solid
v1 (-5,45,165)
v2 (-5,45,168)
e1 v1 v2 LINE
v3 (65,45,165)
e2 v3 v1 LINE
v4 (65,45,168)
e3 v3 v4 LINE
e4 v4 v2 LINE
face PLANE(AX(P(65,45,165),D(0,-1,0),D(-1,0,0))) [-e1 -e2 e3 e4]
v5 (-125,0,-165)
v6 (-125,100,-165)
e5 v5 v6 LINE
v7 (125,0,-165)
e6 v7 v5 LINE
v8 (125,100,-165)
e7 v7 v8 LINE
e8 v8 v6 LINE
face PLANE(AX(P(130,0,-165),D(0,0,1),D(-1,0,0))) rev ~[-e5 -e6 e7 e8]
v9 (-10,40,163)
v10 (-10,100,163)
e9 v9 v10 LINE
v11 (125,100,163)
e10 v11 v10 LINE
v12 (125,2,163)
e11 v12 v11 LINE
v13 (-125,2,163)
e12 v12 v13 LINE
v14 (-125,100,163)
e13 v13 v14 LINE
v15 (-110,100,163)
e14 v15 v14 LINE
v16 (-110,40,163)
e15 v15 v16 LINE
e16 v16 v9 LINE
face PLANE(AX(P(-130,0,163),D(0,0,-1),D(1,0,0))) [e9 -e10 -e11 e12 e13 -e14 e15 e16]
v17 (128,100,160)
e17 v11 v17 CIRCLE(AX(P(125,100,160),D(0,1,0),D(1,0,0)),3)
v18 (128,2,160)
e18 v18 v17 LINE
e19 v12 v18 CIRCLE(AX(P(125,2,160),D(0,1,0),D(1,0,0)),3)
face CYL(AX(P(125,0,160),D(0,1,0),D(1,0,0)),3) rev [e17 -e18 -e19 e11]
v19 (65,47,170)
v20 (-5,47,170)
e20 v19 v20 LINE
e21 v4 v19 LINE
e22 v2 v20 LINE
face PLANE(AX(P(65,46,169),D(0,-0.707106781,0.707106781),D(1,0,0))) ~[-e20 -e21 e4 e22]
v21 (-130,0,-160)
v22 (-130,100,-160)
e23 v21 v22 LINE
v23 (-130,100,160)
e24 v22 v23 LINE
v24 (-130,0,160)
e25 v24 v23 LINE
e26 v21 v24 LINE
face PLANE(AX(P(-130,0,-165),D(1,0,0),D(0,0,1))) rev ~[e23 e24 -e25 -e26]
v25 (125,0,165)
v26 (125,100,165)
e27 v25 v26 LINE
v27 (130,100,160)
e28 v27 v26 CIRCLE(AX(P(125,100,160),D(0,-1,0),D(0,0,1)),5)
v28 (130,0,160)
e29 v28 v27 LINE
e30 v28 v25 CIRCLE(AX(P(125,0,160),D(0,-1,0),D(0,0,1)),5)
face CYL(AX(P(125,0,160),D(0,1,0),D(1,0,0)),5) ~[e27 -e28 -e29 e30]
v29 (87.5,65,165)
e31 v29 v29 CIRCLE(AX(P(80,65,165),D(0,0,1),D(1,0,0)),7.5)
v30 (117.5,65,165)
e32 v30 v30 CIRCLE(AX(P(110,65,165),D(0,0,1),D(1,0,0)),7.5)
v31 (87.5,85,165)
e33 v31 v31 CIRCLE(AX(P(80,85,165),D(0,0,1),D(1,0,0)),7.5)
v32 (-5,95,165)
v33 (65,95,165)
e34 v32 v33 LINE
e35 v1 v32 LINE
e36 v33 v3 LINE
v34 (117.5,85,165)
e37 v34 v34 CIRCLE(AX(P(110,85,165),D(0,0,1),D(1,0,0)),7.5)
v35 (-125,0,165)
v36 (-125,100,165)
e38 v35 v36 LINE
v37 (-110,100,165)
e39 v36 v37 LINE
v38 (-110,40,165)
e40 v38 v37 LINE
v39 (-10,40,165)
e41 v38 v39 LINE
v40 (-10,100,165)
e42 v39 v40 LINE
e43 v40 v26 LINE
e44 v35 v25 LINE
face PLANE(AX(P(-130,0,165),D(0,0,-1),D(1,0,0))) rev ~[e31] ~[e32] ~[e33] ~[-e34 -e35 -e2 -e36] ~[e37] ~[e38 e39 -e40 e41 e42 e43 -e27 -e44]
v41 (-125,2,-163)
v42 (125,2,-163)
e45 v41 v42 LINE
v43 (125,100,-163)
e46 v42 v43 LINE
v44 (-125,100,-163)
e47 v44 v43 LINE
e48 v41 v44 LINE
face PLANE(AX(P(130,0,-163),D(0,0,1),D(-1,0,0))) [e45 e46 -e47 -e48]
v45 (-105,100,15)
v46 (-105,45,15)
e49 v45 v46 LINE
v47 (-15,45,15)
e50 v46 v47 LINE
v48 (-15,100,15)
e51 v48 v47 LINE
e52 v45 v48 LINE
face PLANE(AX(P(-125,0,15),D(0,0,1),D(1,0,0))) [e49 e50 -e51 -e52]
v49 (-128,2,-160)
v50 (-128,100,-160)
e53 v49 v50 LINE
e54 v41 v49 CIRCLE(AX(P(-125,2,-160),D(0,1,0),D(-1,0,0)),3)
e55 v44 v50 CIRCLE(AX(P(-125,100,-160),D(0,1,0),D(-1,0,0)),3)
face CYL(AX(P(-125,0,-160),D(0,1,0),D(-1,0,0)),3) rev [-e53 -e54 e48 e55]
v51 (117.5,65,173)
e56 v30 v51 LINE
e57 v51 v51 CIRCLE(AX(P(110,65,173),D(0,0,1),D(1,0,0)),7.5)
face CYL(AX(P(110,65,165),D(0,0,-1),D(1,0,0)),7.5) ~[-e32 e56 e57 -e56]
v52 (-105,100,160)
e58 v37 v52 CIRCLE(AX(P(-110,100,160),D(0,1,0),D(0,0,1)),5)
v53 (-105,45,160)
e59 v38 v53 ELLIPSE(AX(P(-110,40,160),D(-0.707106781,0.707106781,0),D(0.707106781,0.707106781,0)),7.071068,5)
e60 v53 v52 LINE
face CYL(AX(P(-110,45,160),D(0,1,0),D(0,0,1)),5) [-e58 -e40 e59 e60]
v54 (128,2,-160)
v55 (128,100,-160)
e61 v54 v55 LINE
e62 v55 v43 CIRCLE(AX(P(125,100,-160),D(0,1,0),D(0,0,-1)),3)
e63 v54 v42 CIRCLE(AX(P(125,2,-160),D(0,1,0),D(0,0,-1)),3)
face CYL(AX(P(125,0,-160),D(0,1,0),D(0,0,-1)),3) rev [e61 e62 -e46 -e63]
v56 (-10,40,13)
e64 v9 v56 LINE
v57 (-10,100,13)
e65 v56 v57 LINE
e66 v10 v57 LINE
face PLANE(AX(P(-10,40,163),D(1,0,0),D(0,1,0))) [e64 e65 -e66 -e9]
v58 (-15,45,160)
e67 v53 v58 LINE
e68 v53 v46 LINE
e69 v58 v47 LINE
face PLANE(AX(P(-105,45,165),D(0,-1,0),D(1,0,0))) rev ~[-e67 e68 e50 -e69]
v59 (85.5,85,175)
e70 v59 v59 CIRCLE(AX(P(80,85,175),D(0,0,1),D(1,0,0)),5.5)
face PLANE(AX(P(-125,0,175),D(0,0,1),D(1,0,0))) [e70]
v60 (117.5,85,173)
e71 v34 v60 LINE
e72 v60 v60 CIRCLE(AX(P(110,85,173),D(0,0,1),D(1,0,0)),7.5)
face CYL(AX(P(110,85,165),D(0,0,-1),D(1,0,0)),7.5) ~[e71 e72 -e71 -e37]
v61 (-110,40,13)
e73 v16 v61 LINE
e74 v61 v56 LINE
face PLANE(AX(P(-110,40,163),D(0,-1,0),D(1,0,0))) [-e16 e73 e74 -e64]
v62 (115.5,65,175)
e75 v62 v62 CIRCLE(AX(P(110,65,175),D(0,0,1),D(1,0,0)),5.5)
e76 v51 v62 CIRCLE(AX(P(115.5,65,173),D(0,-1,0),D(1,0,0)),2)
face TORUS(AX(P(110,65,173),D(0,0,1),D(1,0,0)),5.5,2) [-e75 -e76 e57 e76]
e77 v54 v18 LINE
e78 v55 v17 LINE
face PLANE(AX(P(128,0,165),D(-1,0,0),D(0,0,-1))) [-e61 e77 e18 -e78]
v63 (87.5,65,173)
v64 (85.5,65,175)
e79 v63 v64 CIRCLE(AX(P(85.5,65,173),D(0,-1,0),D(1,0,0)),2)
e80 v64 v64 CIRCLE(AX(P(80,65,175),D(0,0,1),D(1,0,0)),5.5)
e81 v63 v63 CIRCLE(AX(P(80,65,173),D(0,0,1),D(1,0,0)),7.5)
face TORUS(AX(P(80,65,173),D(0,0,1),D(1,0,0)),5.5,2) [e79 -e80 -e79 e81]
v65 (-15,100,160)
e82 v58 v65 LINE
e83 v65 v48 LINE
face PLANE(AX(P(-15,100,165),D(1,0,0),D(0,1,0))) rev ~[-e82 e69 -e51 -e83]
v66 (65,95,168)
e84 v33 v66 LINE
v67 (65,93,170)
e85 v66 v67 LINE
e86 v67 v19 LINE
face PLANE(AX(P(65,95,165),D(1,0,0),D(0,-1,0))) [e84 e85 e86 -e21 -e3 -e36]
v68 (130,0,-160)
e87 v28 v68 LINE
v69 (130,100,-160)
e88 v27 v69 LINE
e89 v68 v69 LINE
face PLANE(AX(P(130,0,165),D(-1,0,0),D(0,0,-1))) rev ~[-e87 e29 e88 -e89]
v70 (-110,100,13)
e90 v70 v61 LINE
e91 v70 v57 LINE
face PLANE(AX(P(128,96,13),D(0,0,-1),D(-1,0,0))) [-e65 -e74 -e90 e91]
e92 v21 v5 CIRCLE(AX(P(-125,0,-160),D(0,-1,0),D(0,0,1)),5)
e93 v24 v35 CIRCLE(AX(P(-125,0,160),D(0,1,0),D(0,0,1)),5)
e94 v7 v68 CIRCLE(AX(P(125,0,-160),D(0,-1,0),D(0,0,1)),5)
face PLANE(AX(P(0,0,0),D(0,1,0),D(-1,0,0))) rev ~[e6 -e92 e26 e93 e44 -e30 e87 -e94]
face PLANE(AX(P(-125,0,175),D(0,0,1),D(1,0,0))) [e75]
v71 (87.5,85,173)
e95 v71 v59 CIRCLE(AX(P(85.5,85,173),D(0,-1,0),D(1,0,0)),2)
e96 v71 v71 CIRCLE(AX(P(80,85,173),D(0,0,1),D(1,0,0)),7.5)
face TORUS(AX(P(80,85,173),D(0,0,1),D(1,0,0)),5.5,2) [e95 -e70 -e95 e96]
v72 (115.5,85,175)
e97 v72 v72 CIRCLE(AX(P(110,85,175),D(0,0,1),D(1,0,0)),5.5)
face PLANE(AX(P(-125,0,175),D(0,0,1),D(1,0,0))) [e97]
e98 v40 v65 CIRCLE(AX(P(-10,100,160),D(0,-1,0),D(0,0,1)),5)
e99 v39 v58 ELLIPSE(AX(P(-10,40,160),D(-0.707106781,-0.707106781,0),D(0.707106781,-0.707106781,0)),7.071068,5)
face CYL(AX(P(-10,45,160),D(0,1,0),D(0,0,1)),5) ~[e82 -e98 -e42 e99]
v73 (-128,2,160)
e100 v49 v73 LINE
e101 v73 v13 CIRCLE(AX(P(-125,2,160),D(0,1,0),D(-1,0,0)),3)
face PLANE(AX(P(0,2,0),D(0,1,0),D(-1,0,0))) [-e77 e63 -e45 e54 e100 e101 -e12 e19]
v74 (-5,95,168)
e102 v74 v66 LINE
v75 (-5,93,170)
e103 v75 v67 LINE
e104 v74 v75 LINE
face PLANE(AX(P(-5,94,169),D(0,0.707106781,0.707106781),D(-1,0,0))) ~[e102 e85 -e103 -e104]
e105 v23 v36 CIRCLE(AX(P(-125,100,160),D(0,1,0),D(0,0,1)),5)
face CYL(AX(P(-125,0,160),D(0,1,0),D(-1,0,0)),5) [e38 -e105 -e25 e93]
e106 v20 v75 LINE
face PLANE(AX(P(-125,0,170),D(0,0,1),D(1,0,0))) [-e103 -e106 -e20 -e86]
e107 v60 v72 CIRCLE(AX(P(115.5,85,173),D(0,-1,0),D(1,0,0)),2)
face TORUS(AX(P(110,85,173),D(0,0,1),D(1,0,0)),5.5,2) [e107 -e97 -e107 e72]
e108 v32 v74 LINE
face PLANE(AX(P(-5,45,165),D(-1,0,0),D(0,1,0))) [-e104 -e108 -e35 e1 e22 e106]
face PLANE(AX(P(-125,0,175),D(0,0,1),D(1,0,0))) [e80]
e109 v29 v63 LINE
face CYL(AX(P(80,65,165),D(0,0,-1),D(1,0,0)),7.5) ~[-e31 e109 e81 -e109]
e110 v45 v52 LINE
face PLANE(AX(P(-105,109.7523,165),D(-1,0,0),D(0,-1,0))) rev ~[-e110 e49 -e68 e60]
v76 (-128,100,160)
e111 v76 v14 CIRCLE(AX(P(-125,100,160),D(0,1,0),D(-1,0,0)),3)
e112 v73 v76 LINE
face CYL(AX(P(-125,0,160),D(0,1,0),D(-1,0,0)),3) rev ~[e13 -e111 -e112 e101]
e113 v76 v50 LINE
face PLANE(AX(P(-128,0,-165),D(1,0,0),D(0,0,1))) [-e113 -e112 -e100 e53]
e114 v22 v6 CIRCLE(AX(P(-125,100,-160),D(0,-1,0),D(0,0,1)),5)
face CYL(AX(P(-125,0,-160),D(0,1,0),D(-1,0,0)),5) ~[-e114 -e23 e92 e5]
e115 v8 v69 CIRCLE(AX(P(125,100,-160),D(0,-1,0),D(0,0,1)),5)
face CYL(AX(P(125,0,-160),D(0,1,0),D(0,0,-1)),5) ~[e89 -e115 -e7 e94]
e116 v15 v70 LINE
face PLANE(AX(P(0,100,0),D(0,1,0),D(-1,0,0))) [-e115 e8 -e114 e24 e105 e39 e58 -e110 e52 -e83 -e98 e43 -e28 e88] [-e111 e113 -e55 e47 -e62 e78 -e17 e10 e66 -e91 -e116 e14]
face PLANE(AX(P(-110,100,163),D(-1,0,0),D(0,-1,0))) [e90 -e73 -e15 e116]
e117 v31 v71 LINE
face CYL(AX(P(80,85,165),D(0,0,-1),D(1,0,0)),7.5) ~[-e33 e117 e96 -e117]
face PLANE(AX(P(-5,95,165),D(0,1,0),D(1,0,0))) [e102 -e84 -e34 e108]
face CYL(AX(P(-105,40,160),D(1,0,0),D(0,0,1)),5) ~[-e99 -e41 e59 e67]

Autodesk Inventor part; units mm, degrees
ref_plane "YZ Plane" through (0, 0, 0) normal (1, 0, 0) x (0, 1, 0)
ref_plane "XZ Plane" through (0, 0, 0) normal (0, 1, 0) x (-1, 0, 0)
ref_plane "XY Plane" through (0, 0, 0) normal (0, 0, 1) x (1, 0, 0)
sketch "Sketch1" plane through (0, 0, 0) normal (0, 1, 0) x (-1, 0, 0)
  line L0 (130, 165) -> (-130, 165)
  line L1 (-130, 165) -> (-130, -165)
  line L2 (-130, -165) -> (130, -165)
  line L3 (130, -165) -> (130, 165)
  point P0 (0, 0)
  point P1 (0, -165)
  point P2 (130, 0)
  dimension "d0" = 260
  dimension "d1" = 330
extrude "Extrusion1" add sketch "Sketch1" along normal blind 100
fillet "Fillet1" radius 5 4 edges at (130, 50, 165) (130, 50, -165) (-130, 50, -165) (-130, 50, 165)
shell "Shell1" thickness 2 removed faces 1 at (43.3333, 100, 53.3333)
sketch "Sketch3" plane through (128, 96, 163) normal (0, 0, -1) x (-1, 0, 0)
  line L0 (251.5, 4) -> (4.5, 4) projected
  line L1 (138, 4) -> (238, 4)
  line L2 (238, 4) -> (238, -56)
  line L3 (238, -56) -> (138, -56)
  line L4 (138, -56) -> (138, 4)
  line L5 (253, -96) -> (253, 4) projected
  point P0 (128, -96)
  point P1 (253, 2)
  dimension "d13" = 100
  dimension "d14" = 60
  dimension "d15" = 15
extrude "Extrusion3" add sketch "Sketch3" along normal blind 150
sketch "Sketch4" plane through (-125, 0, 165) normal (0, 0, 1) x (1, 0, 0)
  line L0 (0, 0) -> (0, 100) projected
  line L1 (0, 0) -> (250, 0) projected
  line L2 (250, 100) -> (250, 0) projected
  line L3 (15, 100) -> (115, 100) projected
  line L4 (15, 40) -> (15, 100) projected
  line L5 (15, 100) -> (115, 100) projected
  line L6 (115, 100) -> (115, 40) projected
  line L7 (115, 40) -> (15, 40) projected
  line L8 (20, 45) -> (110, 45)
  line L9 (110, 45) -> (110, 109.7523)
  line L10 (110, 109.7523) -> (20, 109.7523)
  line L11 (20, 109.7523) -> (20, 45)
  line L12 (0, 100) -> (250, 100) projected
  line L13 (0, 100) -> (-3, 100) projected
  line L14 (-3, 100) -> (0, 100) projected
  line L15 (0, 100) -> (250, 100) projected
  line L16 (250, 100) -> (253, 100) projected
  line L17 (253, 100) -> (250, 100) projected
  line L18 (250, 100) -> (115, 100) projected
  line L19 (15, 100) -> (0, 100) projected
  point P0 (125, 0)
  dimension "d18" = 5
  dimension "d19" = 5
  dimension "d20" = 5
extrude "Extrusion4" cut sketch "Sketch4" against normal blind 150 contours L11 L10 L9 L3 | L3 L9 L8 L11
fillet "Fillet3" radius 5 3 edges at (-60, 45, 165) (-105, 72.5, 165) (-15, 72.5, 165)
sketch "Sketch5" plane through (-125, 0, 165) normal (0, 0, 1) x (1, 0, 0)
  circle A0 centre (235, 85) radius 7.5
  line L0 (115, 100) -> (250, 100) projected
  line L1 (250, 100) -> (250, 0) projected
  circle A1 centre (205, 85) radius 7.5
  circle A2 centre (235, 65) radius 7.5
  circle A3 centre (205, 65) radius 7.5
  point P0 (125, 0)
  dimension "d24" = 15
  dimension "d25" = 15
  dimension "d26" = 15
  dimension "d29" = 30
  dimension "d32" = 20
extrude "Extrusion5" add sketch "Sketch5" along normal blind 10
fillet "Fillet4" radius 2 4 edges at (102.5, 85, 175) (102.5, 65, 175) (72.5, 65, 175) (72.5, 85, 175)
sketch "Sketch6" plane through (-125, 0, 165) normal (0, 0, 1) x (1, 0, 0)
  line L0 (120, 95) -> (190, 95)
  line L1 (190, 95) -> (190, 45)
  line L2 (190, 45) -> (120, 45)
  line L3 (120, 45) -> (120, 95)
  line L4 (115, 100) -> (250, 100) projected
  line L5 (115, 40) -> (115, 100) projected
  point P0 (125, 0)
  dimension "d38" = 5
  dimension "d39" = 5
  dimension "d40" = 70
  dimension "d41" = 50
extrude "Extrusion6" add sketch "Sketch6" along normal blind 5
chamfer "Chamfer1" distance 2 angle 45 2 edges at (30, 95, 170) (30, 45, 170)
properties part number "case_botten"
